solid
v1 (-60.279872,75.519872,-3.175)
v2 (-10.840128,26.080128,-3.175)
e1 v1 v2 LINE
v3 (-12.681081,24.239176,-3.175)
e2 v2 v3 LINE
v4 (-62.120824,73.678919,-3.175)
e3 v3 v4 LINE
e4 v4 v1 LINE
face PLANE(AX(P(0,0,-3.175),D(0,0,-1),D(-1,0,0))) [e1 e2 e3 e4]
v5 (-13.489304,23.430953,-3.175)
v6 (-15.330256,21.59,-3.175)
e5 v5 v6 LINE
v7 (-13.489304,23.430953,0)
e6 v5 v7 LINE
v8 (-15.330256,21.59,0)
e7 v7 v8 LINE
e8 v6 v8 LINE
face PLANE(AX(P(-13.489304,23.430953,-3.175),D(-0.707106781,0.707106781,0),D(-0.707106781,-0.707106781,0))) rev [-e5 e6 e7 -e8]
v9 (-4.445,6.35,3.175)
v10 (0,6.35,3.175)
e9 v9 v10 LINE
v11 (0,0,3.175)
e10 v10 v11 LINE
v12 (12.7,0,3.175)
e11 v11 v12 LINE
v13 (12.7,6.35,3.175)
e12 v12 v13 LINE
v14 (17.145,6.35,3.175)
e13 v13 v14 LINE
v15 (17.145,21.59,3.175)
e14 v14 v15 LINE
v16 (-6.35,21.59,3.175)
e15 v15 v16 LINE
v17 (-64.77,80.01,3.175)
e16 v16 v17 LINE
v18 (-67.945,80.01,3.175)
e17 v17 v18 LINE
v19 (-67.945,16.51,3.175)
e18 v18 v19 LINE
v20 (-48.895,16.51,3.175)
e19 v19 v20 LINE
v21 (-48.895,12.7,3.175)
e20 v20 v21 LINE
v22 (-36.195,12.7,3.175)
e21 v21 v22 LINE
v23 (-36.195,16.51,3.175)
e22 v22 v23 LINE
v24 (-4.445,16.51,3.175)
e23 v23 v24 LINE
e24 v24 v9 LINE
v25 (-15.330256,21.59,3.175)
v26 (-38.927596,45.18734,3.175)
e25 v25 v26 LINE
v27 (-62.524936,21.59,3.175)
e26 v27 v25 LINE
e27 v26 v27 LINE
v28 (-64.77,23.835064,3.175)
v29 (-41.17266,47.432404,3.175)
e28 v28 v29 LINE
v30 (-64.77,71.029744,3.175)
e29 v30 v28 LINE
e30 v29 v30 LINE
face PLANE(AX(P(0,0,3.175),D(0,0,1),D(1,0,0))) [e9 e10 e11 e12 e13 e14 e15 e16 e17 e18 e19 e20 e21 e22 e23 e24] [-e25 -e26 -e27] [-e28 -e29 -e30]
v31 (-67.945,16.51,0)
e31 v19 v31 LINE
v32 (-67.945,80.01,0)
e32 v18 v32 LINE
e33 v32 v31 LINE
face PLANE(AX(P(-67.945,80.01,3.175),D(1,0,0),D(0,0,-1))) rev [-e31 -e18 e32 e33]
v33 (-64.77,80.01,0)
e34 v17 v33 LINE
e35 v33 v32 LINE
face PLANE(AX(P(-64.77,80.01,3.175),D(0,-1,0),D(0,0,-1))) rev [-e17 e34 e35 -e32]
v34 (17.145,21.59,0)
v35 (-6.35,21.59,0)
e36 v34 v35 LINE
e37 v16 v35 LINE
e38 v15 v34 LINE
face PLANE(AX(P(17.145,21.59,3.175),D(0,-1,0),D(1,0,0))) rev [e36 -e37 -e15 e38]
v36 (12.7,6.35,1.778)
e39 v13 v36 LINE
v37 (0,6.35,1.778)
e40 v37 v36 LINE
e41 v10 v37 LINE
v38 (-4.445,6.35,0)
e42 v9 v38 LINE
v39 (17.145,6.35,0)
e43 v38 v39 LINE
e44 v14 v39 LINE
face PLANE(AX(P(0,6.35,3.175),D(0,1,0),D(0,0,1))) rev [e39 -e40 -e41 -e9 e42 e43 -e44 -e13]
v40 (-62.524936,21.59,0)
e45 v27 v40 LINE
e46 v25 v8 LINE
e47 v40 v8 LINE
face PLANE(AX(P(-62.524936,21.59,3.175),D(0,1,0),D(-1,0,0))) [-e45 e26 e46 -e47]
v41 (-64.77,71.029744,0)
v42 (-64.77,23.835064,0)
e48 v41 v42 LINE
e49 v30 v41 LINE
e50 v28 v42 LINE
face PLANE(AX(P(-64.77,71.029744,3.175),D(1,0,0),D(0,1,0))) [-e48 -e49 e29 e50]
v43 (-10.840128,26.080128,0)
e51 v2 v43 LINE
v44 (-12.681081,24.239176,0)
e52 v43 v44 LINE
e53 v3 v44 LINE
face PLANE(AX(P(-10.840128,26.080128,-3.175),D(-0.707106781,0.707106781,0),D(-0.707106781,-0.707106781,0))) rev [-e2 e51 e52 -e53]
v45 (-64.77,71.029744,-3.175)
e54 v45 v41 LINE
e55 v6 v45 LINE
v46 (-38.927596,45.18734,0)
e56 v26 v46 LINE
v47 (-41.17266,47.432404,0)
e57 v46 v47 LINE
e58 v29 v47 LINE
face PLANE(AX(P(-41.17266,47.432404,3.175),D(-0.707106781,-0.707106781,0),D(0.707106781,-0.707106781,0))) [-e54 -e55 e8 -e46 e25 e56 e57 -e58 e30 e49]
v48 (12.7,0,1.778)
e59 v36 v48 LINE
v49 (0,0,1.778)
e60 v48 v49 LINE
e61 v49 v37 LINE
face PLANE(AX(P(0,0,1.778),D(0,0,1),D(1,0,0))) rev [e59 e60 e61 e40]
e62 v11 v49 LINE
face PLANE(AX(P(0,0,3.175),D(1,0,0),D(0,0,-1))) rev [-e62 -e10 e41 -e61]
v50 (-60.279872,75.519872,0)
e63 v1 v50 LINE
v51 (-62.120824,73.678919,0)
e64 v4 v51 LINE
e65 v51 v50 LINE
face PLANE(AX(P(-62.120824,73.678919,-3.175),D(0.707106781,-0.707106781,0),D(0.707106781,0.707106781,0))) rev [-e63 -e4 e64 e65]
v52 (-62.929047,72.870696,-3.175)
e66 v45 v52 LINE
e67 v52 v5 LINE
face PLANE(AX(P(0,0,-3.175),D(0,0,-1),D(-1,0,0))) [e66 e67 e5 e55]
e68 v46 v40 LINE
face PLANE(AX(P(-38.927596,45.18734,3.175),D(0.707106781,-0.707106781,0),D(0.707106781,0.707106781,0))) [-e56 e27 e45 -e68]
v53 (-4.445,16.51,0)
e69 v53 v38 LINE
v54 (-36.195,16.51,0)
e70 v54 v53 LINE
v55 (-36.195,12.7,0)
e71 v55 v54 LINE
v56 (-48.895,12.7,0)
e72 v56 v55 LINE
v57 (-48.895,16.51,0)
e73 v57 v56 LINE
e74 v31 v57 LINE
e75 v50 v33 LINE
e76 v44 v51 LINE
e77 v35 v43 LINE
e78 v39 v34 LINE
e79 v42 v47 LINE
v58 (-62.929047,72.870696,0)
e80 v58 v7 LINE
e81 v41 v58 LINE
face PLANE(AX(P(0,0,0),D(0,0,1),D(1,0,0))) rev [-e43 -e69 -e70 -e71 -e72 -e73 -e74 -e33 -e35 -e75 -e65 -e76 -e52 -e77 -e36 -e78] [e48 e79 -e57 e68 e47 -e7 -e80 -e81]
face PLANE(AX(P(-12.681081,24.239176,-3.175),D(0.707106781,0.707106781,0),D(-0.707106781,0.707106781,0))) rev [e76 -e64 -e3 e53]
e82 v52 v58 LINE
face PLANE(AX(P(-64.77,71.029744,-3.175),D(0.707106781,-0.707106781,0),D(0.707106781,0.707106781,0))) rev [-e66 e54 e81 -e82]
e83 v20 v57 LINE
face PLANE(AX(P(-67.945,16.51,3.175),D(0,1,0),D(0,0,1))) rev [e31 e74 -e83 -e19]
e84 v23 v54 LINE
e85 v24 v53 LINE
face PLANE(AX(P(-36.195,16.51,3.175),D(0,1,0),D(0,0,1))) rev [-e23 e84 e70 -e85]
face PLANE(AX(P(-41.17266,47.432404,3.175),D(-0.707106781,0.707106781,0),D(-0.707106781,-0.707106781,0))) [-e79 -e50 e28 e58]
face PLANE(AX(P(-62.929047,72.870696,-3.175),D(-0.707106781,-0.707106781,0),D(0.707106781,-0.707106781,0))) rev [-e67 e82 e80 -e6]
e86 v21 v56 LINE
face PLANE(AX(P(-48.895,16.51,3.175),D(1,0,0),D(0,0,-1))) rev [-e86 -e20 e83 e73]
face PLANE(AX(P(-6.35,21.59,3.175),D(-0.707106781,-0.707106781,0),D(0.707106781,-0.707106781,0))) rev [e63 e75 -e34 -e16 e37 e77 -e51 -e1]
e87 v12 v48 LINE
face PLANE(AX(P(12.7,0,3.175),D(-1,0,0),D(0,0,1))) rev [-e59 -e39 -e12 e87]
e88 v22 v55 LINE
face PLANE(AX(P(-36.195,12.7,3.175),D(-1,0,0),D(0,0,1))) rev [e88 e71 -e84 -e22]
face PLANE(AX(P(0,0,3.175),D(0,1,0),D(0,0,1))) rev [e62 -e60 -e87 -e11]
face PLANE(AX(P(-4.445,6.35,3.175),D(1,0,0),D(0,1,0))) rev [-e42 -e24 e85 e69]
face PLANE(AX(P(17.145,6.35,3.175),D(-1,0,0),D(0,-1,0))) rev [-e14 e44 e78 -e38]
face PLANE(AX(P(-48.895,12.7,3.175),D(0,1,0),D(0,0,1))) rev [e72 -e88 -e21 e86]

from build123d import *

# Parameters (mm, degrees)
BOSS_EXTRUDE1_DEPTH = 3.175
SKETCH3_W           = 12.7
SKETCH3_H           = 6.35
CUT_EXTRUDE1_DEPTH  = 1.778
BOSS_EXTRUDE2_DEPTH = 3.175


with BuildPart() as part:
    # Sketch2 → Boss-Extrude1 (new body)
    with BuildSketch(Plane.XY):
        Polygon((0, 0), (12.7, 0), (12.7, 6.35), (17.145, 6.35), (17.145, 21.59), (-6.35, 21.59), (-64.77, 80.01), (-67.945, 80.01), (-67.945, 16.51), (-48.895, 16.51), (-48.895, 12.7), (-36.195, 12.7), (-36.195, 16.51), (-4.445, 16.51), (-4.445, 6.35), (0, 6.35), align=None)
        Polygon((-64.77, 71.029743879), (-64.77, 23.83506403), (-41.172660076, 47.432403955), align=None, mode=Mode.SUBTRACT)
        Polygon((-62.52493597, 21.59), (-15.330256121, 21.59), (-38.927596045, 45.187339924), align=None, mode=Mode.SUBTRACT)
    extrude(amount=BOSS_EXTRUDE1_DEPTH)

    # Sketch3 → Cut-Extrude1 (cut)
    with BuildSketch(Plane(origin=(0, 0, 0), x_dir=(-1, 0, 0), z_dir=(0, 0, -1))):
        with Locations((-6.35, 3.175)):
            Rectangle(SKETCH3_W, SKETCH3_H)
    extrude(amount=-CUT_EXTRUDE1_DEPTH, mode=Mode.SUBTRACT)

    # Sketch4 → Boss-Extrude2 (add)
    with BuildSketch(Plane(origin=(0, 0, 0), x_dir=(-1, 0, 0), z_dir=(0, 0, -1))):
        Polygon((15.330256121, 21.59), (64.77, 71.029743879), (62.929047495, 72.870696384), (13.489303616, 23.430952505), align=None)
        Polygon((10.840128061, 26.080128061), (12.681080565, 24.239175556), (62.120824444, 73.678919435), (60.279871939, 75.519871939), align=None)
    extrude(amount=BOSS_EXTRUDE2_DEPTH)


solid = part.part
